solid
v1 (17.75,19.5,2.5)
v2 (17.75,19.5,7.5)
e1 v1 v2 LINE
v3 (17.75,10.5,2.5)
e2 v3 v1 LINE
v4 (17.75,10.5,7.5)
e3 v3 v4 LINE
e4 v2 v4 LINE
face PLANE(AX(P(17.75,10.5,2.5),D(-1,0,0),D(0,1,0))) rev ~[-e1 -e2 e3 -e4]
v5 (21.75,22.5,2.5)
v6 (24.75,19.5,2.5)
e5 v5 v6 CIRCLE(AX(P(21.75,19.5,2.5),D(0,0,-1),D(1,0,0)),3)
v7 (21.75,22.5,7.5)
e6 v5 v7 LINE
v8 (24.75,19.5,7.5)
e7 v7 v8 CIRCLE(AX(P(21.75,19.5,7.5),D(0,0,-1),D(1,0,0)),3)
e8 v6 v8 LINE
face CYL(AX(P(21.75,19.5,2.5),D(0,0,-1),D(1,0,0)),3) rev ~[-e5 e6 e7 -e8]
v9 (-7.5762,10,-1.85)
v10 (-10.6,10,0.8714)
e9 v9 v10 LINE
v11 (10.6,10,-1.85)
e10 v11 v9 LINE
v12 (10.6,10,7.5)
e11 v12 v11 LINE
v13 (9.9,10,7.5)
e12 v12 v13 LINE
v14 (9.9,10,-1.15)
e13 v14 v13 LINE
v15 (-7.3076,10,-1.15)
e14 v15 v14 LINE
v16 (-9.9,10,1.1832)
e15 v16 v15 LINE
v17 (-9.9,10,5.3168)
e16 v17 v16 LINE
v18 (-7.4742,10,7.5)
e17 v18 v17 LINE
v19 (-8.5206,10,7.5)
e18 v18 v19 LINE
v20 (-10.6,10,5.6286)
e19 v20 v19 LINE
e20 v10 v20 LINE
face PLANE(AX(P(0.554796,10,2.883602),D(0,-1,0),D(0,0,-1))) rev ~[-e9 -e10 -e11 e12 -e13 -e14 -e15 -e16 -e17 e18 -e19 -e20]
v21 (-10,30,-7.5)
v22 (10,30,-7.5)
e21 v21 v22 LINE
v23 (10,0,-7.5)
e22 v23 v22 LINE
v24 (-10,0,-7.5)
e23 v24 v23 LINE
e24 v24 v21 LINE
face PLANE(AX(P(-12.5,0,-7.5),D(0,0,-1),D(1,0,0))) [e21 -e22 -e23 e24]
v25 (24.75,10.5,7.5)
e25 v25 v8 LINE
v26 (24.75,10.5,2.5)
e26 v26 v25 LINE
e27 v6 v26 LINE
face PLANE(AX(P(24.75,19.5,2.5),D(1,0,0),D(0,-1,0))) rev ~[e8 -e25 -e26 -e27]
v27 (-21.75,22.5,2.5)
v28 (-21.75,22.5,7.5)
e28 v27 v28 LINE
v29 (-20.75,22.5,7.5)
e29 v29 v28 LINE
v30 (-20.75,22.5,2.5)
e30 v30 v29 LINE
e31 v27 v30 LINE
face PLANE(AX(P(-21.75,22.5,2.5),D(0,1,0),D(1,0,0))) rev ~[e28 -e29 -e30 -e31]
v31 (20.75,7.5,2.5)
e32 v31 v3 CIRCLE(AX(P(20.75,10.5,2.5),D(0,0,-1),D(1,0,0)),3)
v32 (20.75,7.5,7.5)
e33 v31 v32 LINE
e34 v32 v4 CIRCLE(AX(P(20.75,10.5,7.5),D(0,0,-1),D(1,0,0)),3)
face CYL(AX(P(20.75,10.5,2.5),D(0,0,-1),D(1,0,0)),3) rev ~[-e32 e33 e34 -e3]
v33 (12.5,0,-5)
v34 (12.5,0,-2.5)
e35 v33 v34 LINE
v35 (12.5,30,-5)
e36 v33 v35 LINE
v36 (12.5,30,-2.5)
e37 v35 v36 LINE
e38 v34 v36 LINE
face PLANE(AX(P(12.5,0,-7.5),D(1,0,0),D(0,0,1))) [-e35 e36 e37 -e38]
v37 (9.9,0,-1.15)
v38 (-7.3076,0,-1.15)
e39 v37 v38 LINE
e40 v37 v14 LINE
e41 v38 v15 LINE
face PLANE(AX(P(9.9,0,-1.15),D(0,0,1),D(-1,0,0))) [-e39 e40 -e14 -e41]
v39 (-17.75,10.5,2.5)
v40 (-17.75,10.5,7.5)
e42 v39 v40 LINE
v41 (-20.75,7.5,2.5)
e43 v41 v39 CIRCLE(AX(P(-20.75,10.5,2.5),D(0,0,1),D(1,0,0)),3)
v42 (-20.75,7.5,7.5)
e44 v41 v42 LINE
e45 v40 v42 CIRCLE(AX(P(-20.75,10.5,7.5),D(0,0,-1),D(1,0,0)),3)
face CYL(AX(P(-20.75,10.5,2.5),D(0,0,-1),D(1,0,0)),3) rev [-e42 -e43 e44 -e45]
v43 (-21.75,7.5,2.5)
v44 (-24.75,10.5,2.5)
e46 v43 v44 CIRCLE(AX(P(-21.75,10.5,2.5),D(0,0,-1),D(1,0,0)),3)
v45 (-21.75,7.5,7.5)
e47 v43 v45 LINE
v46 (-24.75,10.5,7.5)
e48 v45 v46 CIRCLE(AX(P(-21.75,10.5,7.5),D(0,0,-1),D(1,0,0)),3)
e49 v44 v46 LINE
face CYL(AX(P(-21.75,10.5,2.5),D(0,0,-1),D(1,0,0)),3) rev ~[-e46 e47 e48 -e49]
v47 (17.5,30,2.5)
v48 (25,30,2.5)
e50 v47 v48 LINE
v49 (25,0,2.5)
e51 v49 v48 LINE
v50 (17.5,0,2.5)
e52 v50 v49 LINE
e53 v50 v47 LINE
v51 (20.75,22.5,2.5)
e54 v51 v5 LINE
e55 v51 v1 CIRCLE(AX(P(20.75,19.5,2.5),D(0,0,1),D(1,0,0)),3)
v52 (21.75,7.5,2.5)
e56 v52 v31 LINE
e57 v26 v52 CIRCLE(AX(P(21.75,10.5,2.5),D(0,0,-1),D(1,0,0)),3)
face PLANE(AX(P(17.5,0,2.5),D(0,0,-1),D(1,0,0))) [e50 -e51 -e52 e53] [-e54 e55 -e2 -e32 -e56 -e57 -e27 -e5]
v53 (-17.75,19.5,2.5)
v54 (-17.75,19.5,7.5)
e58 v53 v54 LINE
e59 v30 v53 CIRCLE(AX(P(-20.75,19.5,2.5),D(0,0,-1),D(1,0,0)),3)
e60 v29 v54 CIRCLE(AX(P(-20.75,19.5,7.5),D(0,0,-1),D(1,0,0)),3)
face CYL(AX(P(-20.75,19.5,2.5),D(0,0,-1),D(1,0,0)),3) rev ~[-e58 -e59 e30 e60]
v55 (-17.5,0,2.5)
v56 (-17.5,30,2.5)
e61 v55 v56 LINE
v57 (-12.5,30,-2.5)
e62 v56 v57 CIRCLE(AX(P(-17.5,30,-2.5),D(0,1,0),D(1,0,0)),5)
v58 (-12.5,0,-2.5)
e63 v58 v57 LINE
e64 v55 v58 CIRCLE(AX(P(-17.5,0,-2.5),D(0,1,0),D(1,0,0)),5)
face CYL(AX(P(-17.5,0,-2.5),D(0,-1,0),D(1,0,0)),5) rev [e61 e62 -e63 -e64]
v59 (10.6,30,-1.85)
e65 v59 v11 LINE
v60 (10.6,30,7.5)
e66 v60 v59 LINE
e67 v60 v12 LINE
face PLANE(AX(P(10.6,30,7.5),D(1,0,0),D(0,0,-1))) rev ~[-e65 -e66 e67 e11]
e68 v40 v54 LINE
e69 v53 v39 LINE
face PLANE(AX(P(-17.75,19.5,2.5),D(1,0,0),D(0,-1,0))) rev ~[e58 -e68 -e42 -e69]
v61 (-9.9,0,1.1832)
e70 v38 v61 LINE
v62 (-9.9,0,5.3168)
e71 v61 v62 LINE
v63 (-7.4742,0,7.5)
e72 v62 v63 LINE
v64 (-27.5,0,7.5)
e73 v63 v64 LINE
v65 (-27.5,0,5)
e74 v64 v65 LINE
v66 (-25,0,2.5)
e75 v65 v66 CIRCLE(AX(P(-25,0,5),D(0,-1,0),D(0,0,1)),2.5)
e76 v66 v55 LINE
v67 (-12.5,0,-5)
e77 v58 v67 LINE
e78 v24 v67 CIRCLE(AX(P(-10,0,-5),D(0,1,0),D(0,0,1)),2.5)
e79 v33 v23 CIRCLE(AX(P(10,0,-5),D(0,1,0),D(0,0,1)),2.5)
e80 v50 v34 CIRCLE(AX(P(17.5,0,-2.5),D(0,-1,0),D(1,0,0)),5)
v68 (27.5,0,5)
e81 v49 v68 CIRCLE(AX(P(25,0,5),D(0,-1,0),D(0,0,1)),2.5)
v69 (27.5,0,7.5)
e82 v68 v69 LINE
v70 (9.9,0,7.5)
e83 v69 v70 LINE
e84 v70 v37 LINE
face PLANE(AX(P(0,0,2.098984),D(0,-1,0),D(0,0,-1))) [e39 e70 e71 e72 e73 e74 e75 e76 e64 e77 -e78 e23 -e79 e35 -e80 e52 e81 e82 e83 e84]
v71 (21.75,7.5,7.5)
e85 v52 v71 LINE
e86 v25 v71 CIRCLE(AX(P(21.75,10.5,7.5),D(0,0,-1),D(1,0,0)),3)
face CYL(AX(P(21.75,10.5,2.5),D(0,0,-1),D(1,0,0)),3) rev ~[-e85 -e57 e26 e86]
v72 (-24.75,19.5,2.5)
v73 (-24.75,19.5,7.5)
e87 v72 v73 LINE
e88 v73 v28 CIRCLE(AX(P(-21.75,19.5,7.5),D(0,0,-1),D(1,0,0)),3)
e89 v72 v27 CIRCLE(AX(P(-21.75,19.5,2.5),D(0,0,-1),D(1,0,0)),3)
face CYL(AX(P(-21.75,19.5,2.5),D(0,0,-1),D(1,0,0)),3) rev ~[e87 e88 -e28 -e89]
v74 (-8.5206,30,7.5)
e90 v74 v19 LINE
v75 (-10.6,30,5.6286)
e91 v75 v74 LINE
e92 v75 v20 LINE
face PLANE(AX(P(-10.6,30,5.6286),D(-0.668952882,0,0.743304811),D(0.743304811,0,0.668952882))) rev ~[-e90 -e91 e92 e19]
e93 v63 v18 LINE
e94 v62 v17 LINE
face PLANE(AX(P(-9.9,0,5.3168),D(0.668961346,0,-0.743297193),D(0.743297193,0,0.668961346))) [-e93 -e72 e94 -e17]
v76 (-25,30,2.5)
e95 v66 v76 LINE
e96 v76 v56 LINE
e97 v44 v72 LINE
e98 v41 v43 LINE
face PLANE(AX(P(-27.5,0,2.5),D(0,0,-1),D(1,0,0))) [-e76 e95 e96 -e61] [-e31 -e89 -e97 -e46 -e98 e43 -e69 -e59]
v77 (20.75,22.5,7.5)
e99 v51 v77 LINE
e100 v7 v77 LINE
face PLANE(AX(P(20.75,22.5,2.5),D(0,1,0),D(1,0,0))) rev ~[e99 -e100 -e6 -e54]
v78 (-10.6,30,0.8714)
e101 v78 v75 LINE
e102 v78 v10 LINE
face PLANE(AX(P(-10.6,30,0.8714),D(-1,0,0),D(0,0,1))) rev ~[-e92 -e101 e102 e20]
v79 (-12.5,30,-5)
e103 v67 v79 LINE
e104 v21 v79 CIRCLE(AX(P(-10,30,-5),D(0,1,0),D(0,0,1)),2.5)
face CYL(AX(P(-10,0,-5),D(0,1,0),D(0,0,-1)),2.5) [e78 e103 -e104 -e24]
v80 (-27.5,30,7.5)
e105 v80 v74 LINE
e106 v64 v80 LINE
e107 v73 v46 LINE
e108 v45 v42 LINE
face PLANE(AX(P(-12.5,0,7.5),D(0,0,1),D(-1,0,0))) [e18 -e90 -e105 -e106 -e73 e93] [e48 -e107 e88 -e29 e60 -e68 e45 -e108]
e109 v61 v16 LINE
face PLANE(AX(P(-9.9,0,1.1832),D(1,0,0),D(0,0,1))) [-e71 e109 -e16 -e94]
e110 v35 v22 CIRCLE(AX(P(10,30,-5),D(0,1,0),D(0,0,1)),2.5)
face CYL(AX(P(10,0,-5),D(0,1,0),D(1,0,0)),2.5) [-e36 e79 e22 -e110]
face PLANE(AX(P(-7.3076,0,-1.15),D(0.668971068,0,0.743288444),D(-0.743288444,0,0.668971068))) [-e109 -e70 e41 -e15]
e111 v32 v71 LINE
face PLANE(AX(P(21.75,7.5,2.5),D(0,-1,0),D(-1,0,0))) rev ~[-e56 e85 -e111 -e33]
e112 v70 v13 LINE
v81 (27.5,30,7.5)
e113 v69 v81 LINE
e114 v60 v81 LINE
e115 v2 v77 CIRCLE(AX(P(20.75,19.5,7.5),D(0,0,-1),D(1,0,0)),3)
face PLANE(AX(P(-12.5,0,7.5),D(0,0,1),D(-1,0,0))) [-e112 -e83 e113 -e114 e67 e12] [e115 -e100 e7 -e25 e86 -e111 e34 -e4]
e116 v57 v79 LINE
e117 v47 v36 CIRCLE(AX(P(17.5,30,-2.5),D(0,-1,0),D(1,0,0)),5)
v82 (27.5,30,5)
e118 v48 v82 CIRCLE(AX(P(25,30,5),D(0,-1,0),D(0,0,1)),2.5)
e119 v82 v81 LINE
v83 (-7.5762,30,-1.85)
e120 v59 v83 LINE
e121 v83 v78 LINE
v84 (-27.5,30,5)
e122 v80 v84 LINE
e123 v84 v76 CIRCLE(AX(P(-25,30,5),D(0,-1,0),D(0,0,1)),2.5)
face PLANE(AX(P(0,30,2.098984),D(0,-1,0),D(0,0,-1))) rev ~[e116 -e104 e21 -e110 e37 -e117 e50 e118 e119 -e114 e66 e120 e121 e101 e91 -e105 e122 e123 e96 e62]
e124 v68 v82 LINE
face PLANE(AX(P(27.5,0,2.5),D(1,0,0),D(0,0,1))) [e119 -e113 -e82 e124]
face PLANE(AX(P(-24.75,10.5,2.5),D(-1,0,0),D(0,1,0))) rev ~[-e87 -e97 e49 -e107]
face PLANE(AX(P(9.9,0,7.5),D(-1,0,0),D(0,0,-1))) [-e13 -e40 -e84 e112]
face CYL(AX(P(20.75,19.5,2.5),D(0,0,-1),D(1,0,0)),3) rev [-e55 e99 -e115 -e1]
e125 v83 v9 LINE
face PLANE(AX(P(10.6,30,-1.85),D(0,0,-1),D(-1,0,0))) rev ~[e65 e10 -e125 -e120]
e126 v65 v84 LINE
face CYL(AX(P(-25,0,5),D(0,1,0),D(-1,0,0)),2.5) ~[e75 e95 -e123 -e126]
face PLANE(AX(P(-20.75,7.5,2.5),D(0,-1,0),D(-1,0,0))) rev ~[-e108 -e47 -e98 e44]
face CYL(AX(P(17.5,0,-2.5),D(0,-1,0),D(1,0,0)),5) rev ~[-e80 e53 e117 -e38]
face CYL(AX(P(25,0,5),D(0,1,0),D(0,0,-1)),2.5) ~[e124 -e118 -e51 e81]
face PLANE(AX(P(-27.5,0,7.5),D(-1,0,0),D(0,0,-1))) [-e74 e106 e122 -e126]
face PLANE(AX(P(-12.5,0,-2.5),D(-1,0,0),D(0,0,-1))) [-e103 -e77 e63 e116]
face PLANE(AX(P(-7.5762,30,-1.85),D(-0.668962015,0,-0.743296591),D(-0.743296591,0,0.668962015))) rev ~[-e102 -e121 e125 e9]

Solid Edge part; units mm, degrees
sketch "Sketch1" plane through (0, 0, 0) normal (0, -1, 0) x (1, 0, 0)
  line L0 (12.5, -7.5) -> (12.5, -2.5)
  arc A0 (17.5, 2.5) -> (12.5, -2.5) centre (17.5, -2.5) ccw
  line L1 (17.5, 2.5) -> (27.5, 2.5)
  line L2 (27.5, 2.5) -> (27.5, 7.5)
  line L3 (27.5, 7.5) -> (12.5, 7.5)
  line L4 (12.5, 7.5) -> (-12.5, 7.5)
  line L5 (-12.5, 7.5) -> (-27.5, 7.5)
  line L6 (-27.5, 7.5) -> (-27.5, 2.5)
  line L7 (-27.5, 2.5) -> (-17.5, 2.5)
  arc A1 (-17.5, 2.5) -> (-12.5, -2.5) centre (-17.5, -2.5) cw
  line L8 (-12.5, -2.5) -> (-12.5, -7.5)
  line L9 (-12.5, -7.5) -> (12.5, -7.5)
extrude "Protrusion1" add sketch "Sketch1" against normal blind 30
sketch "Sketch2" plane through (0, 0, 0) normal (0, -1, 0) x (1, 0, 0)
  line L0 (-9.9, 5.3168) -> (-7.4742, 7.5)
  line L1 (-7.25, 7.5) -> (-7.4742, 7.5)
  line L2 (-7.25, 7.5) -> (0, 7.5)
  line L3 (0, 7.5) -> (9.75, 7.5)
  line L4 (-7.4742, 7.5) -> (9.9, 7.5)
  line L5 (9.9, 7.5) -> (9.9, -1.15)
  line L6 (9.9, -1.15) -> (-7.3076, -1.15)
  line L7 (-7.3076, -1.15) -> (-9.9, 1.1832)
  line L8 (-9.9, 1.1832) -> (-9.9, 5.3168)
extrude "Cutout1" cut sketch "Sketch2" against normal blind 11 material side at (-8.6537, 0, 6.3712)
sketch "Sketch3" plane through (0, 30, 0) normal (0, 1, 0) x (-1, 0, 0)
  line L0 (-10.6, 7.5) -> (8.5206, 7.5)
  line L1 (10.6, 5.6286) -> (8.5206, 7.5)
  line L2 (10.6, 0.8714) -> (10.6, 5.6286)
  line L3 (7.5762, -1.85) -> (10.6, 0.8714)
  line L4 (-10.6, -1.85) -> (7.5762, -1.85)
  line L5 (-10.6, 7.5) -> (-10.6, -1.85)
extrude "Cutout2" cut sketch "Sketch3" against normal blind 20
fillet "Round1" radius 2.5 4 edges at (-27.5, 15, 2.5) (27.5, 15, 2.5) (12.5, 15, -7.5) (-12.5, 15, -7.5)
sketch "Sketch4" plane through (-21.25, 15, 2.5) normal (0, 0, -1) x (1, 0, 0)
  line L0 (-3.5, 4.5) -> (-3.5, -4.5)
  arc A0 (-3.5, -4.5) -> (-0.5, -7.5) centre (-0.5, -4.5) ccw
  line L1 (-0.5, -7.5) -> (0.5, -7.5)
  arc A1 (0.5, -7.5) -> (3.5, -4.5) centre (0.5, -4.5) ccw
  line L2 (3.5, -4.5) -> (3.5, 4.5)
  arc A2 (0.5, 7.5) -> (3.5, 4.5) centre (0.5, 4.5) cw
  line L3 (0.5, 7.5) -> (-0.5, 7.5)
  arc A3 (-0.5, 7.5) -> (-3.5, 4.5) centre (-0.5, 4.5) ccw
  line L4 (39, 4.5) -> (39, -4.5)
  arc A4 (42, -7.5) -> (39, -4.5) centre (42, -4.5) cw
  line L5 (42, -7.5) -> (43, -7.5)
  arc A5 (43, -7.5) -> (46, -4.5) centre (43, -4.5) ccw
  line L6 (46, -4.5) -> (46, 4.5)
  arc A6 (46, 4.5) -> (43, 7.5) centre (43, 4.5) ccw
  line L7 (43, 7.5) -> (42, 7.5)
  arc A7 (42, 7.5) -> (39, 4.5) centre (42, 4.5) ccw
  dimension "D1" = 15
  dimension "D2" = 7
  dimension "D3" = 0.25
  dimension "D4" = 0.25
  dimension "D5" = 7.5
  dimension "D6" = 15
  dimension "D7" = 7
  dimension "D8" = 0.25
  dimension "D9" = 7.5
extrude "Cutout3" cut sketch "Sketch4" against normal blind 10
